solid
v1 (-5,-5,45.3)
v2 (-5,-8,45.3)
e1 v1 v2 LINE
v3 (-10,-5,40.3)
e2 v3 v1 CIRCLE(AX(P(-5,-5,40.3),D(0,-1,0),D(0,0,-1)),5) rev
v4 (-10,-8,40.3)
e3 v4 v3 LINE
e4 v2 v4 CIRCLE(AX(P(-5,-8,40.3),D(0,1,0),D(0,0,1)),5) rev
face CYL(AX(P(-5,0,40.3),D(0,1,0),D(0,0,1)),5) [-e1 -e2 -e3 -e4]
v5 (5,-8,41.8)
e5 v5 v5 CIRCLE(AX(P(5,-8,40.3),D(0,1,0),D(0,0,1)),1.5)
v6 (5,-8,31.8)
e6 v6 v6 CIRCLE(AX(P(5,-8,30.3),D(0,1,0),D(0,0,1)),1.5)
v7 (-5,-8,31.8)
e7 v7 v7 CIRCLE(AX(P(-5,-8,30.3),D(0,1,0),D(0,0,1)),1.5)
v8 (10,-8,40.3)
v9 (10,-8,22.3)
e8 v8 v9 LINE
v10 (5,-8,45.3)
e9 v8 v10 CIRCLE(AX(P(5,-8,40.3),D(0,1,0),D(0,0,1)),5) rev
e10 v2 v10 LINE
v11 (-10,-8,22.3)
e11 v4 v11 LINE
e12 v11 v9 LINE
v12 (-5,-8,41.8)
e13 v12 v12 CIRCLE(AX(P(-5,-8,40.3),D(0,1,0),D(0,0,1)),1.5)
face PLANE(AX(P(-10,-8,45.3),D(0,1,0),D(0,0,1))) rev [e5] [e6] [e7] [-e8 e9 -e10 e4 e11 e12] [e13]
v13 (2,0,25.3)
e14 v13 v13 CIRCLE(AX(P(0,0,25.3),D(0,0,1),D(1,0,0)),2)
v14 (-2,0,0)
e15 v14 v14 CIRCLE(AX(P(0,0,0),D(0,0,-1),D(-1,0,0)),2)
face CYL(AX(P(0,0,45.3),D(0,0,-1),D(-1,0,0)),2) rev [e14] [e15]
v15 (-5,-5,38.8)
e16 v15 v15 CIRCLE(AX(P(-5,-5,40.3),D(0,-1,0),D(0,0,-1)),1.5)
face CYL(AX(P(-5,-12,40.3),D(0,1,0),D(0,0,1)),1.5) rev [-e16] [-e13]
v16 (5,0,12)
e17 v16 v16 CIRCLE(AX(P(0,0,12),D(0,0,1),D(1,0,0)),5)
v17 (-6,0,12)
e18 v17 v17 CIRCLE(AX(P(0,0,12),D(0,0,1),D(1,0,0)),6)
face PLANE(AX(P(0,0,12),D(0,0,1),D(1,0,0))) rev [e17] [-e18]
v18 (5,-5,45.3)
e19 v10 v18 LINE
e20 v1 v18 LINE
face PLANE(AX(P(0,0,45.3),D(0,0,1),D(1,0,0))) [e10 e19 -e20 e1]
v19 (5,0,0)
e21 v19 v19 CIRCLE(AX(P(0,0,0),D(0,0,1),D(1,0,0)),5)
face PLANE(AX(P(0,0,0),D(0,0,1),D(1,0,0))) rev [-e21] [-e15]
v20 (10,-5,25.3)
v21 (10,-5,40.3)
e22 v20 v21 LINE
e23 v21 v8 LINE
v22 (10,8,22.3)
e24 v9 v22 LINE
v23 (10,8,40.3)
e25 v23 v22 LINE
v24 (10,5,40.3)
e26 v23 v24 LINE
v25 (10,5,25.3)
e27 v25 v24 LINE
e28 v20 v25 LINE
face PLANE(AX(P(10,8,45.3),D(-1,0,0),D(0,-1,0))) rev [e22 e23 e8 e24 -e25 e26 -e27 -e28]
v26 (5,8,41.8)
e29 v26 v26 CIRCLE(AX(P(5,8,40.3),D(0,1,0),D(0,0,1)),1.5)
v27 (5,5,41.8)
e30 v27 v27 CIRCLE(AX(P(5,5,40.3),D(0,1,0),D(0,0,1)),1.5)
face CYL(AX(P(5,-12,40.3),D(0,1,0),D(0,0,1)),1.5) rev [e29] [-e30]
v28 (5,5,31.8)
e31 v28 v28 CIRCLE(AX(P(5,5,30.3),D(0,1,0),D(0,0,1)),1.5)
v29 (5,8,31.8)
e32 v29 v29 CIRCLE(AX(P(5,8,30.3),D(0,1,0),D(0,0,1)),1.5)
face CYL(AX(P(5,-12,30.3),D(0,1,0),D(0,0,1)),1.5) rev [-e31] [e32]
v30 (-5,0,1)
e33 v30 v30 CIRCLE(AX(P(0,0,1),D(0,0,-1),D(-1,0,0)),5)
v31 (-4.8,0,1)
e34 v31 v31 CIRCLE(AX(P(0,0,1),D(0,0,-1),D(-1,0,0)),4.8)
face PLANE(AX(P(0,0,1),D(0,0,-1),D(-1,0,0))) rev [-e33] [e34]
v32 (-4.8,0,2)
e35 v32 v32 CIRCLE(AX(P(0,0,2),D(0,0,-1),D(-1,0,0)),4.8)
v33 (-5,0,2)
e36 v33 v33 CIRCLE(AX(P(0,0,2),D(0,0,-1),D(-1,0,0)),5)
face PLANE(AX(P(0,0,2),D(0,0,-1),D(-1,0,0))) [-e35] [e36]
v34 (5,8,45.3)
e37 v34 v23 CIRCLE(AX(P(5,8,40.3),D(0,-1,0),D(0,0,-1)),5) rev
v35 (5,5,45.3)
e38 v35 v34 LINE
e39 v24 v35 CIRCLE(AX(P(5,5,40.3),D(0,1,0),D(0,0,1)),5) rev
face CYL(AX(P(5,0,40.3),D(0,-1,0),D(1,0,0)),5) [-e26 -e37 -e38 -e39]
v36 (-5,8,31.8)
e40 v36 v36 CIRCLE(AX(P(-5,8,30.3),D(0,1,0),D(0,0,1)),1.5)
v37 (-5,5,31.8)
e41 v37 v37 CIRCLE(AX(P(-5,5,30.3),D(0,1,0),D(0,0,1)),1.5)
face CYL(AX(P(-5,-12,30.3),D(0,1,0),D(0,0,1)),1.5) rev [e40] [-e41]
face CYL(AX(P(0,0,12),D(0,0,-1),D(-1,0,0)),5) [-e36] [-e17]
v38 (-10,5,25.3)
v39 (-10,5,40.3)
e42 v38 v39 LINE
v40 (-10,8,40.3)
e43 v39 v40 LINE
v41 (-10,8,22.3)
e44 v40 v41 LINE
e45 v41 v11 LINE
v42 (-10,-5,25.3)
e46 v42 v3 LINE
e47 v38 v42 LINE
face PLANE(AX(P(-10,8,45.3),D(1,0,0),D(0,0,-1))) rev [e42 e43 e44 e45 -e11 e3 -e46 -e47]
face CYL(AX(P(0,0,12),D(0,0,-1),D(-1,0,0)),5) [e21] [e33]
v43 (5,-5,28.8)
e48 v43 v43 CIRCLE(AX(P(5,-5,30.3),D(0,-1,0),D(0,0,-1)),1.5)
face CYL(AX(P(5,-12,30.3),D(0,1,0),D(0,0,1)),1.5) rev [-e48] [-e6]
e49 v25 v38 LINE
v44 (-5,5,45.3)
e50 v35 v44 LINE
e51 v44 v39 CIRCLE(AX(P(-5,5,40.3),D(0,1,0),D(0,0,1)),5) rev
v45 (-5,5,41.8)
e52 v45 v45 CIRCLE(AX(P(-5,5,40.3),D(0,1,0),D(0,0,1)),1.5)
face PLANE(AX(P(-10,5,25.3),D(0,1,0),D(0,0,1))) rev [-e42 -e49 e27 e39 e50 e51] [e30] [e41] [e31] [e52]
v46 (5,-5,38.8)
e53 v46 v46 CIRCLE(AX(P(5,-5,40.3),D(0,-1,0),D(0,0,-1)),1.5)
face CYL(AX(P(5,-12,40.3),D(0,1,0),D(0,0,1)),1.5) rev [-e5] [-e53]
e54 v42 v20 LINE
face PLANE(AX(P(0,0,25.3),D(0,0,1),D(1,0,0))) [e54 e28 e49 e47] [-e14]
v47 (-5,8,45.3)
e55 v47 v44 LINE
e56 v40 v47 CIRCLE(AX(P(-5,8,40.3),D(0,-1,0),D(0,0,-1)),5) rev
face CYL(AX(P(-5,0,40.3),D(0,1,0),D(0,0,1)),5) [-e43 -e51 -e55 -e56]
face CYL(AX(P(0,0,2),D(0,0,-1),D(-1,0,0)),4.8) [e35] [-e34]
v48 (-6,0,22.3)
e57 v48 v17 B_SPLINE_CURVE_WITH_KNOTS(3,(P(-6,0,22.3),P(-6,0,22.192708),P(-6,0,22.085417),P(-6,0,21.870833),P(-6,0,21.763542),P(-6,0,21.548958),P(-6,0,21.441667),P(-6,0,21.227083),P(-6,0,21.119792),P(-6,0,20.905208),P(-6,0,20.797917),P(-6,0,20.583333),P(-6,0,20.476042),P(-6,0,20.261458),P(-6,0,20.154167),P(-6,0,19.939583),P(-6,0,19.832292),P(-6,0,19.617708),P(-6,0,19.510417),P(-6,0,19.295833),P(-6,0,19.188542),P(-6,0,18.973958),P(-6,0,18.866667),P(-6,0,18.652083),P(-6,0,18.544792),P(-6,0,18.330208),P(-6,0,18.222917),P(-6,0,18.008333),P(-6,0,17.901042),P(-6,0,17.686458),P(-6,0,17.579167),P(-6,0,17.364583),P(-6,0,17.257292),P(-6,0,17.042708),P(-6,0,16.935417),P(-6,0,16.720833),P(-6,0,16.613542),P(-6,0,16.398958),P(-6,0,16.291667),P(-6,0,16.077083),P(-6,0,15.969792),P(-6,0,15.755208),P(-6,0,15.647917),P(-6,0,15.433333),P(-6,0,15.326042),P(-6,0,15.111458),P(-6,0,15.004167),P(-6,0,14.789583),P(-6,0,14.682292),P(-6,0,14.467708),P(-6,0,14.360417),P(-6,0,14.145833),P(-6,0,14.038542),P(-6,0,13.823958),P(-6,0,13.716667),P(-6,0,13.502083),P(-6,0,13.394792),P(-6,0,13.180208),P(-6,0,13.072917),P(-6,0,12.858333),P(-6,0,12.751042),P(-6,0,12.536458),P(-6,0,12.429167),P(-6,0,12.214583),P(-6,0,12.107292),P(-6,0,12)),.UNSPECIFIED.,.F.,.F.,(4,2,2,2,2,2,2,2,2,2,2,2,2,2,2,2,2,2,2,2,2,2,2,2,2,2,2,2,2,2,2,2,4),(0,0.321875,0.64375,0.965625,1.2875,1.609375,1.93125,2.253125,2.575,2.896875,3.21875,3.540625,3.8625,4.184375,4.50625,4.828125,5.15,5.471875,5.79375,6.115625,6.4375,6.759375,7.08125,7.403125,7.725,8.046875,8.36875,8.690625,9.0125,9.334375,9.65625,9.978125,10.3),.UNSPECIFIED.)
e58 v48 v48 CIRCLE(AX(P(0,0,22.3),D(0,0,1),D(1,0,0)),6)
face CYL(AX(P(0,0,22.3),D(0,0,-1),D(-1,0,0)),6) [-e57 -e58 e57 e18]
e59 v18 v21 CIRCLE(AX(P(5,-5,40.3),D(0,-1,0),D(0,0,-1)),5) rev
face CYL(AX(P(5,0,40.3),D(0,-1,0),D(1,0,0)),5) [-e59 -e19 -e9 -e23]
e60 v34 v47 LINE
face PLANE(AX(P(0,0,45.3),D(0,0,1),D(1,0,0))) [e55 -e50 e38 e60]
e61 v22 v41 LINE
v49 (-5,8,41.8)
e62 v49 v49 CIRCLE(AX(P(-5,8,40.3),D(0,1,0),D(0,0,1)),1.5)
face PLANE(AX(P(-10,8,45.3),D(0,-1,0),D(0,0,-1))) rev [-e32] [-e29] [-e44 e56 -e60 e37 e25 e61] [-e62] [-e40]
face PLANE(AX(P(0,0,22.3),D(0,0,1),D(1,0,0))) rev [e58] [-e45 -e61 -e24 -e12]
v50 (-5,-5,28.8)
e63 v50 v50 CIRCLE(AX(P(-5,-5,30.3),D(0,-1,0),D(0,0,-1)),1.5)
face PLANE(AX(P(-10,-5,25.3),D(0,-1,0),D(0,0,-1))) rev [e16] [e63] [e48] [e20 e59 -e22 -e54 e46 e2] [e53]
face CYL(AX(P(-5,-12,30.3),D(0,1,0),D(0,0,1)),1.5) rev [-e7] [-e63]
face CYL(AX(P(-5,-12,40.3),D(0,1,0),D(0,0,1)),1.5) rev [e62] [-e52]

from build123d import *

# Parameters (mm, degrees)
SKETCH_1_R          = 5
EXTRUDE_1_DEPTH     = 12
SKETCH_2_R          = 5
SKETCH_2_R_2        = 4.8
CUT_EXTRUDE_1_DEPTH = 1
SKETCH_3_R          = 6
EXTRUDE_2_DEPTH     = 10.3
SKETCH_4_W          = 20
SKETCH_4_H          = 16
EXTRUDE_3_DEPTH     = 23
SKETCH_5_W          = 20
SKETCH_5_H          = 10
CUT_EXTRUDE_3_DEPTH = 20
SKETCH_6_R          = 1.5
CUT_EXTRUDE_4_DEPTH = 20
FILLET_1_R          = 5
SKETCH_7_R          = 2
CUT_EXTRUDE_5_DEPTH = 48.075365107


with BuildPart() as part:
    # 草图1 → 凸台-拉伸1 (new body)
    with BuildSketch(Plane.XY):
        Circle(SKETCH_1_R)
    extrude(amount=EXTRUDE_1_DEPTH)

    # 草图2 → 切除-拉伸1 (cut)
    with BuildSketch(Plane(origin=(0, 0, 1), x_dir=(-1, 0, 0), z_dir=(0, 0, -1))):
        Circle(SKETCH_2_R)
        Circle(SKETCH_2_R_2, mode=Mode.SUBTRACT)
    extrude(amount=-CUT_EXTRUDE_1_DEPTH, mode=Mode.SUBTRACT)

    # 草图3 → 凸台-拉伸2 (add)
    with BuildSketch(Plane.XY.offset(12)):
        with Locations(Location((0, 0, 0), (0, 0, 180))):
            Circle(SKETCH_3_R)
    extrude(amount=EXTRUDE_2_DEPTH)

    # 草图4 → 凸台-拉伸3 (add)
    with BuildSketch(Plane.XY.offset(22.3)):
        Rectangle(SKETCH_4_W, SKETCH_4_H)
    extrude(amount=EXTRUDE_3_DEPTH)

    # 草图5 → 切除-拉伸3 (cut)
    with BuildSketch(Plane.XY.offset(45.3)):
        Rectangle(SKETCH_5_W, SKETCH_5_H)
    extrude(amount=-CUT_EXTRUDE_3_DEPTH, mode=Mode.SUBTRACT)

    # 草图6 → 切除-拉伸4 (cut)
    with BuildSketch(Plane(origin=(0, 8, 0), x_dir=(1, 0, 0), z_dir=(0, 1, 0))):
        with Locations(Location((5, -40.3, 0), (0, 0, 270))):
            Circle(SKETCH_6_R)
        with Locations(Location((-5, -40.3, 0), (0, 0, 270))):
            Circle(SKETCH_6_R)
        with Locations(Location((-5, -30.3, 0), (0, 0, 270))):
            Circle(SKETCH_6_R)
        with Locations(Location((5, -30.3, 0), (0, 0, 270))):
            Circle(SKETCH_6_R)
    extrude(amount=-CUT_EXTRUDE_4_DEPTH, mode=Mode.SUBTRACT)

    # 圆角1
    fillet_1_edges = [part.edges().sort_by_distance(p)[0] for p in [
        (10, -6.5, 45.3),
        (-10, 6.5, 45.3),
        (10, 6.5, 45.3),
        (-10, -6.5, 45.3),
    ]]
    fillet(fillet_1_edges, radius=FILLET_1_R)

    # 草图7 → 切除-拉伸5 (cut, through all)
    with BuildSketch(Plane(origin=(0, 0, 0), x_dir=(-1, 0, 0), z_dir=(0, 0, -1))):
        Circle(SKETCH_7_R)
    extrude(amount=-CUT_EXTRUDE_5_DEPTH, mode=Mode.SUBTRACT)


solid = part.part
